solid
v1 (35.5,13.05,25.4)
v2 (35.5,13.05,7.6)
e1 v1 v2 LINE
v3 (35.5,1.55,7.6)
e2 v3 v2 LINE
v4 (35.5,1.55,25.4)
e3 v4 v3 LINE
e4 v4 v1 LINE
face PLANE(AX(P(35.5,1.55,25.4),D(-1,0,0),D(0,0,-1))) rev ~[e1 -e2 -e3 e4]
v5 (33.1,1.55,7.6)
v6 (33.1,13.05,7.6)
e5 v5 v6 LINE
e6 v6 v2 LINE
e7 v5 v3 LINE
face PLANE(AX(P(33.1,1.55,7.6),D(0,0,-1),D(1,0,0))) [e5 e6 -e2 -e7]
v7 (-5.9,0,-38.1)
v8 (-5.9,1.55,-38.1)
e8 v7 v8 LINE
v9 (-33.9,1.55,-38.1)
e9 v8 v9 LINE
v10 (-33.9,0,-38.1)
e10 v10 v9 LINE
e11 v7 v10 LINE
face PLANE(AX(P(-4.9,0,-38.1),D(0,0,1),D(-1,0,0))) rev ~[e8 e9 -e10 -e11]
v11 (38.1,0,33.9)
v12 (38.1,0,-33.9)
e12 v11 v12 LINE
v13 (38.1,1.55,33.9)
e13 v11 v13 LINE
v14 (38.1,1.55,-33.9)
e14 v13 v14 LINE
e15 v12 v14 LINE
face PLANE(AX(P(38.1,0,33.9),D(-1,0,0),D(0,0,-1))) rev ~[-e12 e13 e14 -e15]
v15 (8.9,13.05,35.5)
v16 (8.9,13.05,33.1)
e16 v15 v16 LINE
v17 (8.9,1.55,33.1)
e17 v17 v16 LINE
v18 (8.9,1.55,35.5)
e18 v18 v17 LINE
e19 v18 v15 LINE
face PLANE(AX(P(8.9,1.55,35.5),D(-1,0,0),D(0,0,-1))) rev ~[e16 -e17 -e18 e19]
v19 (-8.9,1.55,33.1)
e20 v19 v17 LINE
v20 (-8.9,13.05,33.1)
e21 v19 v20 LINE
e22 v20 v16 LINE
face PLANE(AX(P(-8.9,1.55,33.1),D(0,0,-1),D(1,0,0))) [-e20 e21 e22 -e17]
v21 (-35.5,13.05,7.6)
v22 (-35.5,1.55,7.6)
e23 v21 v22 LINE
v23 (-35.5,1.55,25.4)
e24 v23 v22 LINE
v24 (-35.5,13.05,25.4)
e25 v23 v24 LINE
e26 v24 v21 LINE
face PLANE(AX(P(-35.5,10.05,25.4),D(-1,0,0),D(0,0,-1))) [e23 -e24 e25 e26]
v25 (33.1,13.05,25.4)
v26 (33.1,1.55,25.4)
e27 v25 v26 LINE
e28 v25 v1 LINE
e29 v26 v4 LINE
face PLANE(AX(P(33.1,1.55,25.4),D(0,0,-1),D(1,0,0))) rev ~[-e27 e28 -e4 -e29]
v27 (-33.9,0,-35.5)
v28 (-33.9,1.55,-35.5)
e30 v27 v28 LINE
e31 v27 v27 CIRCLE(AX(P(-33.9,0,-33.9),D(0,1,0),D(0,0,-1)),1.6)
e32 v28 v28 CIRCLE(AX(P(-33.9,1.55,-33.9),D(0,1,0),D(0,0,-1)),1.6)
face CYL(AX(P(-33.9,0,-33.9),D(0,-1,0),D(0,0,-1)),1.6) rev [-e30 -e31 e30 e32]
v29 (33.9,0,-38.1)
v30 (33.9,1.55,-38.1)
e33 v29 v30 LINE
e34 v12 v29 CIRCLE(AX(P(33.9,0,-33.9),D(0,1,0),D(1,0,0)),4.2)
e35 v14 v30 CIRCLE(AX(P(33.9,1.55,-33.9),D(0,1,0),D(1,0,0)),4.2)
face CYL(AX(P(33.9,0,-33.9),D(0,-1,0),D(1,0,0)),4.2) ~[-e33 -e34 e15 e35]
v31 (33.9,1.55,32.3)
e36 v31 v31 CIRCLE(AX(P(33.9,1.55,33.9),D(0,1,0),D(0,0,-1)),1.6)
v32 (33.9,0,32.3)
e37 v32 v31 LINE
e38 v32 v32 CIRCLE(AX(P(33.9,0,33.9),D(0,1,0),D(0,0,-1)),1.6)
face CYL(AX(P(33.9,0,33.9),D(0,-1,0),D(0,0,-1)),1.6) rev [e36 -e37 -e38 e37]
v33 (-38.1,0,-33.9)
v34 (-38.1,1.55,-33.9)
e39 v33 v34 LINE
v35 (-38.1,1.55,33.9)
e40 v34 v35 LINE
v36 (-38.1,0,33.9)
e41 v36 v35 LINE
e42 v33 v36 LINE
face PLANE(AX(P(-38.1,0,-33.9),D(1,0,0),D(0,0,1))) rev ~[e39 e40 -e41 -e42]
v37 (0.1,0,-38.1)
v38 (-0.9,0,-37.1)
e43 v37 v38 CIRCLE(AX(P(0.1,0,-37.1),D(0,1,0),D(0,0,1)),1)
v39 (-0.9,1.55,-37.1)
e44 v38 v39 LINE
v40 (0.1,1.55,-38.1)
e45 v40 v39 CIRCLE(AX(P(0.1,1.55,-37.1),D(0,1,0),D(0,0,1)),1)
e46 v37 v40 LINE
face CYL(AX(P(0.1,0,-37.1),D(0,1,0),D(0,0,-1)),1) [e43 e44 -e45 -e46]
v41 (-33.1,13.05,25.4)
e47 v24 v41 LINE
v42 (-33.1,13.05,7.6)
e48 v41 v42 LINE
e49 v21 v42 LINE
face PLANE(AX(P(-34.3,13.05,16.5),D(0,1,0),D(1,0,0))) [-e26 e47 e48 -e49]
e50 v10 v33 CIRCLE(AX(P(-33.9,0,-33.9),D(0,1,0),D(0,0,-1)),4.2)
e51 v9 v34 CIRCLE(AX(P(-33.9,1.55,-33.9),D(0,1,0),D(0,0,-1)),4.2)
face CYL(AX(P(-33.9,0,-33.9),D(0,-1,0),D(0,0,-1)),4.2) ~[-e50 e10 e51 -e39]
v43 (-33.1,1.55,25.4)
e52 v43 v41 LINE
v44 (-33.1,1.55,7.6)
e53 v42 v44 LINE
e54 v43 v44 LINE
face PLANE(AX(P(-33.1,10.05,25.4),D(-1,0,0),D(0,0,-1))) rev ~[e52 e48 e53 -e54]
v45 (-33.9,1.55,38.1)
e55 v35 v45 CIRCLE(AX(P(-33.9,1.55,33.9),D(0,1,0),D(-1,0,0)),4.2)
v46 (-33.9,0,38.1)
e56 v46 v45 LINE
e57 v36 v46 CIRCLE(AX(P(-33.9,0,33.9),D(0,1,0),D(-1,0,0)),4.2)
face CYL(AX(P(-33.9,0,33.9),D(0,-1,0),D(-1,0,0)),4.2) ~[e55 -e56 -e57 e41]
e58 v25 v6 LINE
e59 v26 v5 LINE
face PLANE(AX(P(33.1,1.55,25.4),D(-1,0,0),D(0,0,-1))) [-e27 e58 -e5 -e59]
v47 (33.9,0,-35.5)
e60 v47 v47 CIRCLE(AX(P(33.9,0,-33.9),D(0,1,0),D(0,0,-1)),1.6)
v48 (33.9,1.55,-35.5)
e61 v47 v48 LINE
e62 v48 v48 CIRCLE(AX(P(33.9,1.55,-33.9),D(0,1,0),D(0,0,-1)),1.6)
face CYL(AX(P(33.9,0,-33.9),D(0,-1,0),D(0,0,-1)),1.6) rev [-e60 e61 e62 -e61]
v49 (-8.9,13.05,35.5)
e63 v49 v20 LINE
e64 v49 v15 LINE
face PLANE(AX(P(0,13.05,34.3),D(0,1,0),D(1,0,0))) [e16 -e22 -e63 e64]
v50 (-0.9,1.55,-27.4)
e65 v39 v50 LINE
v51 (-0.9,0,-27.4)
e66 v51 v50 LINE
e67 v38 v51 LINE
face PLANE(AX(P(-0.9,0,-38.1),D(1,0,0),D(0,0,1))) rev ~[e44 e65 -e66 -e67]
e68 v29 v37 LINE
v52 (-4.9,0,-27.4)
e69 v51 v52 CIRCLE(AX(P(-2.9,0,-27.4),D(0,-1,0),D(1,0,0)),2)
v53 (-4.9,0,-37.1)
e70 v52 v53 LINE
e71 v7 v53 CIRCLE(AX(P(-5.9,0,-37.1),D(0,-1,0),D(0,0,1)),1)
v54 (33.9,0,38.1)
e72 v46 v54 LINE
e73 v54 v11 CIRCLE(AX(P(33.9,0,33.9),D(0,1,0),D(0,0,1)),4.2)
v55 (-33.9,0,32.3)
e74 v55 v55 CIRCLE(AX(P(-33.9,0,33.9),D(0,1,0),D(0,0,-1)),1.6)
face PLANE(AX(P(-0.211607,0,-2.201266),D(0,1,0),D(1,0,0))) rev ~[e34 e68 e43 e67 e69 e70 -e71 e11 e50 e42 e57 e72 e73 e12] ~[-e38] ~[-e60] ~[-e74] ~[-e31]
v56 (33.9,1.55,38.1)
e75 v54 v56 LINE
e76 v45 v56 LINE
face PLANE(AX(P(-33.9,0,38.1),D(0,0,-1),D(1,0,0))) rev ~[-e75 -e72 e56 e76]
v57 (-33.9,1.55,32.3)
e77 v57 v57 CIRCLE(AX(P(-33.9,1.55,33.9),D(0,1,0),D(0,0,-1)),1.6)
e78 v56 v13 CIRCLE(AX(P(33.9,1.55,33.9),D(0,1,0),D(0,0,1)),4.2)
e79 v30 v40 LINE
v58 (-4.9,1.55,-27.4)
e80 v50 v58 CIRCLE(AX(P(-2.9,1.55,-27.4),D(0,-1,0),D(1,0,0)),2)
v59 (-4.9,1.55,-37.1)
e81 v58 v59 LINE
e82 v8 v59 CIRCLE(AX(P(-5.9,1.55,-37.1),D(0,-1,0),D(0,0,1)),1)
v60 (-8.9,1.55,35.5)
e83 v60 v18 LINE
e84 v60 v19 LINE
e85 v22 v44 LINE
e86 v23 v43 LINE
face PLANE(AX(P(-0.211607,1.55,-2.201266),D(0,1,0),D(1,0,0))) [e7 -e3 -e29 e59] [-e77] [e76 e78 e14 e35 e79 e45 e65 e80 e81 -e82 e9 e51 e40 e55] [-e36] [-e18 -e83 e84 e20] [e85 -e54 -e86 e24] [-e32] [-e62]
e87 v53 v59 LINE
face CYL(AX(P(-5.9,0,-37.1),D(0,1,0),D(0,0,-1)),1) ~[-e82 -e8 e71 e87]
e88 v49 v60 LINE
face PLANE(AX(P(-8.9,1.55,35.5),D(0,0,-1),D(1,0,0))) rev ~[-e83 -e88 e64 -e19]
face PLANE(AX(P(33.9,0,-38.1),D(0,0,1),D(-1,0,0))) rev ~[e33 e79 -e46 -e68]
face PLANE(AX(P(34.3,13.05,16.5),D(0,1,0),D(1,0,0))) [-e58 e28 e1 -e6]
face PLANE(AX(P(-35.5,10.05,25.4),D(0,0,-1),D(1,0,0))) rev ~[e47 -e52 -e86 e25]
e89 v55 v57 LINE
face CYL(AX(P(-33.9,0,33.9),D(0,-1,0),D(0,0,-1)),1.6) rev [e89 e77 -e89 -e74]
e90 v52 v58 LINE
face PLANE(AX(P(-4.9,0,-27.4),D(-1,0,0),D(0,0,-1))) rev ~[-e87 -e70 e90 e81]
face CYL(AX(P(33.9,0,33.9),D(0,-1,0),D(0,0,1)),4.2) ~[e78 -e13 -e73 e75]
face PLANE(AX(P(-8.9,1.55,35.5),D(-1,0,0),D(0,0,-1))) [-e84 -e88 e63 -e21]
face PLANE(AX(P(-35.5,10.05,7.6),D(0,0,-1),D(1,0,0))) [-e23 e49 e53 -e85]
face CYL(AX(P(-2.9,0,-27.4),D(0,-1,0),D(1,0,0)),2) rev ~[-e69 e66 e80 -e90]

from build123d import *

# Parameters (mm, degrees)
BASE_PLATE_R            = 1.6
PCB_DEPTH               = 1.55
FILLET_1_R              = 1
SKETCH_2_W              = 2.4
SKETCH_2_H              = 17.8
SKETCH_2_W_2            = 17.8
SKETCH_2_H_2            = 2.4
LIDAR_PINS_DEPTH        = 8.5
SKETCH_3_W              = 2.4
SKETCH_3_H              = 17.8
SKETCH_3_W_2            = 17.8
SKETCH_3_H_2            = 2.4
LIDAR_PIN_HEADERS_DEPTH = 3


with BuildPart() as part:
    # Base plate → PCB (new body)
    with BuildSketch(Plane(origin=(0, 0, 0), x_dir=(1, 0, 0), z_dir=(0, 1, 0))):
        with BuildLine():
            ThreePointArc((-38.1, -33.9), (-36.869848481, -36.869848481), (-33.9, -38.1))
            Line((-33.9, -38.1), (33.9, -38.1))
            ThreePointArc((33.9, -38.1), (36.869848481, -36.869848481), (38.1, -33.9))
            Line((38.1, -33.9), (38.1, 33.9))
            ThreePointArc((38.1, 33.9), (36.869848481, 36.869848481), (33.9, 38.1))
            Line((33.9, 38.1), (-0.9, 38.1))
            Line((-0.9, 38.1), (-0.9, 27.4))
            ThreePointArc((-0.9, 27.4), (-2.9, 25.4), (-4.9, 27.4))
            Line((-4.9, 27.4), (-4.9, 38.1))
            Line((-4.9, 38.1), (-33.9, 38.1))
            ThreePointArc((-33.9, 38.1), (-36.869848481, 36.869848481), (-38.1, 33.9))
            Line((-38.1, 33.9), (-38.1, -33.9))
        make_face()
        with Locations(Location((-33.9, -33.9, 0), (0, 0, 90))):
            Circle(BASE_PLATE_R, mode=Mode.SUBTRACT)
        with Locations(Location((33.9, -33.9, 0), (0, 0, 90))):
            Circle(BASE_PLATE_R, mode=Mode.SUBTRACT)
        with Locations(Location((-33.9, 33.9, 0), (0, 0, 90))):
            Circle(BASE_PLATE_R, mode=Mode.SUBTRACT)
        with Locations(Location((33.9, 33.9, 0), (0, 0, 90))):
            Circle(BASE_PLATE_R, mode=Mode.SUBTRACT)
    extrude(amount=PCB_DEPTH)

    # 圆角1
    fillet_1_edges = [part.edges().sort_by_distance(p)[0] for p in [
        (-0.9, 0.775, -38.1),
        (-4.9, 0.775, -38.1),
    ]]
    fillet(fillet_1_edges, radius=FILLET_1_R)

    # 草图2 → Lidar pins (add)
    with BuildSketch(Plane(origin=(0, 1.55, 0), x_dir=(1, 0, 0), z_dir=(0, 1, 0))):
        with Locations((-34.3, -16.5)):
            Rectangle(SKETCH_2_W, SKETCH_2_H)
        with Locations((34.3, -16.5)):
            Rectangle(SKETCH_2_W, SKETCH_2_H)
        with Locations((0, -34.3)):
            Rectangle(SKETCH_2_W_2, SKETCH_2_H_2)
    extrude(amount=LIDAR_PINS_DEPTH)

    # 草图3 → Lidar pin headers (add)
    with BuildSketch(Plane(origin=(0, 10.05, 0), x_dir=(1, 0, 0), z_dir=(0, 1, 0))):
        with Locations((-34.3, -16.5)):
            Rectangle(SKETCH_3_W, SKETCH_3_H)
        with Locations((0, -34.3)):
            Rectangle(SKETCH_3_W_2, SKETCH_3_H_2)
        with Locations((34.3, -16.5)):
            Rectangle(SKETCH_3_W, SKETCH_3_H)
    extrude(amount=LIDAR_PIN_HEADERS_DEPTH)


solid = part.part
